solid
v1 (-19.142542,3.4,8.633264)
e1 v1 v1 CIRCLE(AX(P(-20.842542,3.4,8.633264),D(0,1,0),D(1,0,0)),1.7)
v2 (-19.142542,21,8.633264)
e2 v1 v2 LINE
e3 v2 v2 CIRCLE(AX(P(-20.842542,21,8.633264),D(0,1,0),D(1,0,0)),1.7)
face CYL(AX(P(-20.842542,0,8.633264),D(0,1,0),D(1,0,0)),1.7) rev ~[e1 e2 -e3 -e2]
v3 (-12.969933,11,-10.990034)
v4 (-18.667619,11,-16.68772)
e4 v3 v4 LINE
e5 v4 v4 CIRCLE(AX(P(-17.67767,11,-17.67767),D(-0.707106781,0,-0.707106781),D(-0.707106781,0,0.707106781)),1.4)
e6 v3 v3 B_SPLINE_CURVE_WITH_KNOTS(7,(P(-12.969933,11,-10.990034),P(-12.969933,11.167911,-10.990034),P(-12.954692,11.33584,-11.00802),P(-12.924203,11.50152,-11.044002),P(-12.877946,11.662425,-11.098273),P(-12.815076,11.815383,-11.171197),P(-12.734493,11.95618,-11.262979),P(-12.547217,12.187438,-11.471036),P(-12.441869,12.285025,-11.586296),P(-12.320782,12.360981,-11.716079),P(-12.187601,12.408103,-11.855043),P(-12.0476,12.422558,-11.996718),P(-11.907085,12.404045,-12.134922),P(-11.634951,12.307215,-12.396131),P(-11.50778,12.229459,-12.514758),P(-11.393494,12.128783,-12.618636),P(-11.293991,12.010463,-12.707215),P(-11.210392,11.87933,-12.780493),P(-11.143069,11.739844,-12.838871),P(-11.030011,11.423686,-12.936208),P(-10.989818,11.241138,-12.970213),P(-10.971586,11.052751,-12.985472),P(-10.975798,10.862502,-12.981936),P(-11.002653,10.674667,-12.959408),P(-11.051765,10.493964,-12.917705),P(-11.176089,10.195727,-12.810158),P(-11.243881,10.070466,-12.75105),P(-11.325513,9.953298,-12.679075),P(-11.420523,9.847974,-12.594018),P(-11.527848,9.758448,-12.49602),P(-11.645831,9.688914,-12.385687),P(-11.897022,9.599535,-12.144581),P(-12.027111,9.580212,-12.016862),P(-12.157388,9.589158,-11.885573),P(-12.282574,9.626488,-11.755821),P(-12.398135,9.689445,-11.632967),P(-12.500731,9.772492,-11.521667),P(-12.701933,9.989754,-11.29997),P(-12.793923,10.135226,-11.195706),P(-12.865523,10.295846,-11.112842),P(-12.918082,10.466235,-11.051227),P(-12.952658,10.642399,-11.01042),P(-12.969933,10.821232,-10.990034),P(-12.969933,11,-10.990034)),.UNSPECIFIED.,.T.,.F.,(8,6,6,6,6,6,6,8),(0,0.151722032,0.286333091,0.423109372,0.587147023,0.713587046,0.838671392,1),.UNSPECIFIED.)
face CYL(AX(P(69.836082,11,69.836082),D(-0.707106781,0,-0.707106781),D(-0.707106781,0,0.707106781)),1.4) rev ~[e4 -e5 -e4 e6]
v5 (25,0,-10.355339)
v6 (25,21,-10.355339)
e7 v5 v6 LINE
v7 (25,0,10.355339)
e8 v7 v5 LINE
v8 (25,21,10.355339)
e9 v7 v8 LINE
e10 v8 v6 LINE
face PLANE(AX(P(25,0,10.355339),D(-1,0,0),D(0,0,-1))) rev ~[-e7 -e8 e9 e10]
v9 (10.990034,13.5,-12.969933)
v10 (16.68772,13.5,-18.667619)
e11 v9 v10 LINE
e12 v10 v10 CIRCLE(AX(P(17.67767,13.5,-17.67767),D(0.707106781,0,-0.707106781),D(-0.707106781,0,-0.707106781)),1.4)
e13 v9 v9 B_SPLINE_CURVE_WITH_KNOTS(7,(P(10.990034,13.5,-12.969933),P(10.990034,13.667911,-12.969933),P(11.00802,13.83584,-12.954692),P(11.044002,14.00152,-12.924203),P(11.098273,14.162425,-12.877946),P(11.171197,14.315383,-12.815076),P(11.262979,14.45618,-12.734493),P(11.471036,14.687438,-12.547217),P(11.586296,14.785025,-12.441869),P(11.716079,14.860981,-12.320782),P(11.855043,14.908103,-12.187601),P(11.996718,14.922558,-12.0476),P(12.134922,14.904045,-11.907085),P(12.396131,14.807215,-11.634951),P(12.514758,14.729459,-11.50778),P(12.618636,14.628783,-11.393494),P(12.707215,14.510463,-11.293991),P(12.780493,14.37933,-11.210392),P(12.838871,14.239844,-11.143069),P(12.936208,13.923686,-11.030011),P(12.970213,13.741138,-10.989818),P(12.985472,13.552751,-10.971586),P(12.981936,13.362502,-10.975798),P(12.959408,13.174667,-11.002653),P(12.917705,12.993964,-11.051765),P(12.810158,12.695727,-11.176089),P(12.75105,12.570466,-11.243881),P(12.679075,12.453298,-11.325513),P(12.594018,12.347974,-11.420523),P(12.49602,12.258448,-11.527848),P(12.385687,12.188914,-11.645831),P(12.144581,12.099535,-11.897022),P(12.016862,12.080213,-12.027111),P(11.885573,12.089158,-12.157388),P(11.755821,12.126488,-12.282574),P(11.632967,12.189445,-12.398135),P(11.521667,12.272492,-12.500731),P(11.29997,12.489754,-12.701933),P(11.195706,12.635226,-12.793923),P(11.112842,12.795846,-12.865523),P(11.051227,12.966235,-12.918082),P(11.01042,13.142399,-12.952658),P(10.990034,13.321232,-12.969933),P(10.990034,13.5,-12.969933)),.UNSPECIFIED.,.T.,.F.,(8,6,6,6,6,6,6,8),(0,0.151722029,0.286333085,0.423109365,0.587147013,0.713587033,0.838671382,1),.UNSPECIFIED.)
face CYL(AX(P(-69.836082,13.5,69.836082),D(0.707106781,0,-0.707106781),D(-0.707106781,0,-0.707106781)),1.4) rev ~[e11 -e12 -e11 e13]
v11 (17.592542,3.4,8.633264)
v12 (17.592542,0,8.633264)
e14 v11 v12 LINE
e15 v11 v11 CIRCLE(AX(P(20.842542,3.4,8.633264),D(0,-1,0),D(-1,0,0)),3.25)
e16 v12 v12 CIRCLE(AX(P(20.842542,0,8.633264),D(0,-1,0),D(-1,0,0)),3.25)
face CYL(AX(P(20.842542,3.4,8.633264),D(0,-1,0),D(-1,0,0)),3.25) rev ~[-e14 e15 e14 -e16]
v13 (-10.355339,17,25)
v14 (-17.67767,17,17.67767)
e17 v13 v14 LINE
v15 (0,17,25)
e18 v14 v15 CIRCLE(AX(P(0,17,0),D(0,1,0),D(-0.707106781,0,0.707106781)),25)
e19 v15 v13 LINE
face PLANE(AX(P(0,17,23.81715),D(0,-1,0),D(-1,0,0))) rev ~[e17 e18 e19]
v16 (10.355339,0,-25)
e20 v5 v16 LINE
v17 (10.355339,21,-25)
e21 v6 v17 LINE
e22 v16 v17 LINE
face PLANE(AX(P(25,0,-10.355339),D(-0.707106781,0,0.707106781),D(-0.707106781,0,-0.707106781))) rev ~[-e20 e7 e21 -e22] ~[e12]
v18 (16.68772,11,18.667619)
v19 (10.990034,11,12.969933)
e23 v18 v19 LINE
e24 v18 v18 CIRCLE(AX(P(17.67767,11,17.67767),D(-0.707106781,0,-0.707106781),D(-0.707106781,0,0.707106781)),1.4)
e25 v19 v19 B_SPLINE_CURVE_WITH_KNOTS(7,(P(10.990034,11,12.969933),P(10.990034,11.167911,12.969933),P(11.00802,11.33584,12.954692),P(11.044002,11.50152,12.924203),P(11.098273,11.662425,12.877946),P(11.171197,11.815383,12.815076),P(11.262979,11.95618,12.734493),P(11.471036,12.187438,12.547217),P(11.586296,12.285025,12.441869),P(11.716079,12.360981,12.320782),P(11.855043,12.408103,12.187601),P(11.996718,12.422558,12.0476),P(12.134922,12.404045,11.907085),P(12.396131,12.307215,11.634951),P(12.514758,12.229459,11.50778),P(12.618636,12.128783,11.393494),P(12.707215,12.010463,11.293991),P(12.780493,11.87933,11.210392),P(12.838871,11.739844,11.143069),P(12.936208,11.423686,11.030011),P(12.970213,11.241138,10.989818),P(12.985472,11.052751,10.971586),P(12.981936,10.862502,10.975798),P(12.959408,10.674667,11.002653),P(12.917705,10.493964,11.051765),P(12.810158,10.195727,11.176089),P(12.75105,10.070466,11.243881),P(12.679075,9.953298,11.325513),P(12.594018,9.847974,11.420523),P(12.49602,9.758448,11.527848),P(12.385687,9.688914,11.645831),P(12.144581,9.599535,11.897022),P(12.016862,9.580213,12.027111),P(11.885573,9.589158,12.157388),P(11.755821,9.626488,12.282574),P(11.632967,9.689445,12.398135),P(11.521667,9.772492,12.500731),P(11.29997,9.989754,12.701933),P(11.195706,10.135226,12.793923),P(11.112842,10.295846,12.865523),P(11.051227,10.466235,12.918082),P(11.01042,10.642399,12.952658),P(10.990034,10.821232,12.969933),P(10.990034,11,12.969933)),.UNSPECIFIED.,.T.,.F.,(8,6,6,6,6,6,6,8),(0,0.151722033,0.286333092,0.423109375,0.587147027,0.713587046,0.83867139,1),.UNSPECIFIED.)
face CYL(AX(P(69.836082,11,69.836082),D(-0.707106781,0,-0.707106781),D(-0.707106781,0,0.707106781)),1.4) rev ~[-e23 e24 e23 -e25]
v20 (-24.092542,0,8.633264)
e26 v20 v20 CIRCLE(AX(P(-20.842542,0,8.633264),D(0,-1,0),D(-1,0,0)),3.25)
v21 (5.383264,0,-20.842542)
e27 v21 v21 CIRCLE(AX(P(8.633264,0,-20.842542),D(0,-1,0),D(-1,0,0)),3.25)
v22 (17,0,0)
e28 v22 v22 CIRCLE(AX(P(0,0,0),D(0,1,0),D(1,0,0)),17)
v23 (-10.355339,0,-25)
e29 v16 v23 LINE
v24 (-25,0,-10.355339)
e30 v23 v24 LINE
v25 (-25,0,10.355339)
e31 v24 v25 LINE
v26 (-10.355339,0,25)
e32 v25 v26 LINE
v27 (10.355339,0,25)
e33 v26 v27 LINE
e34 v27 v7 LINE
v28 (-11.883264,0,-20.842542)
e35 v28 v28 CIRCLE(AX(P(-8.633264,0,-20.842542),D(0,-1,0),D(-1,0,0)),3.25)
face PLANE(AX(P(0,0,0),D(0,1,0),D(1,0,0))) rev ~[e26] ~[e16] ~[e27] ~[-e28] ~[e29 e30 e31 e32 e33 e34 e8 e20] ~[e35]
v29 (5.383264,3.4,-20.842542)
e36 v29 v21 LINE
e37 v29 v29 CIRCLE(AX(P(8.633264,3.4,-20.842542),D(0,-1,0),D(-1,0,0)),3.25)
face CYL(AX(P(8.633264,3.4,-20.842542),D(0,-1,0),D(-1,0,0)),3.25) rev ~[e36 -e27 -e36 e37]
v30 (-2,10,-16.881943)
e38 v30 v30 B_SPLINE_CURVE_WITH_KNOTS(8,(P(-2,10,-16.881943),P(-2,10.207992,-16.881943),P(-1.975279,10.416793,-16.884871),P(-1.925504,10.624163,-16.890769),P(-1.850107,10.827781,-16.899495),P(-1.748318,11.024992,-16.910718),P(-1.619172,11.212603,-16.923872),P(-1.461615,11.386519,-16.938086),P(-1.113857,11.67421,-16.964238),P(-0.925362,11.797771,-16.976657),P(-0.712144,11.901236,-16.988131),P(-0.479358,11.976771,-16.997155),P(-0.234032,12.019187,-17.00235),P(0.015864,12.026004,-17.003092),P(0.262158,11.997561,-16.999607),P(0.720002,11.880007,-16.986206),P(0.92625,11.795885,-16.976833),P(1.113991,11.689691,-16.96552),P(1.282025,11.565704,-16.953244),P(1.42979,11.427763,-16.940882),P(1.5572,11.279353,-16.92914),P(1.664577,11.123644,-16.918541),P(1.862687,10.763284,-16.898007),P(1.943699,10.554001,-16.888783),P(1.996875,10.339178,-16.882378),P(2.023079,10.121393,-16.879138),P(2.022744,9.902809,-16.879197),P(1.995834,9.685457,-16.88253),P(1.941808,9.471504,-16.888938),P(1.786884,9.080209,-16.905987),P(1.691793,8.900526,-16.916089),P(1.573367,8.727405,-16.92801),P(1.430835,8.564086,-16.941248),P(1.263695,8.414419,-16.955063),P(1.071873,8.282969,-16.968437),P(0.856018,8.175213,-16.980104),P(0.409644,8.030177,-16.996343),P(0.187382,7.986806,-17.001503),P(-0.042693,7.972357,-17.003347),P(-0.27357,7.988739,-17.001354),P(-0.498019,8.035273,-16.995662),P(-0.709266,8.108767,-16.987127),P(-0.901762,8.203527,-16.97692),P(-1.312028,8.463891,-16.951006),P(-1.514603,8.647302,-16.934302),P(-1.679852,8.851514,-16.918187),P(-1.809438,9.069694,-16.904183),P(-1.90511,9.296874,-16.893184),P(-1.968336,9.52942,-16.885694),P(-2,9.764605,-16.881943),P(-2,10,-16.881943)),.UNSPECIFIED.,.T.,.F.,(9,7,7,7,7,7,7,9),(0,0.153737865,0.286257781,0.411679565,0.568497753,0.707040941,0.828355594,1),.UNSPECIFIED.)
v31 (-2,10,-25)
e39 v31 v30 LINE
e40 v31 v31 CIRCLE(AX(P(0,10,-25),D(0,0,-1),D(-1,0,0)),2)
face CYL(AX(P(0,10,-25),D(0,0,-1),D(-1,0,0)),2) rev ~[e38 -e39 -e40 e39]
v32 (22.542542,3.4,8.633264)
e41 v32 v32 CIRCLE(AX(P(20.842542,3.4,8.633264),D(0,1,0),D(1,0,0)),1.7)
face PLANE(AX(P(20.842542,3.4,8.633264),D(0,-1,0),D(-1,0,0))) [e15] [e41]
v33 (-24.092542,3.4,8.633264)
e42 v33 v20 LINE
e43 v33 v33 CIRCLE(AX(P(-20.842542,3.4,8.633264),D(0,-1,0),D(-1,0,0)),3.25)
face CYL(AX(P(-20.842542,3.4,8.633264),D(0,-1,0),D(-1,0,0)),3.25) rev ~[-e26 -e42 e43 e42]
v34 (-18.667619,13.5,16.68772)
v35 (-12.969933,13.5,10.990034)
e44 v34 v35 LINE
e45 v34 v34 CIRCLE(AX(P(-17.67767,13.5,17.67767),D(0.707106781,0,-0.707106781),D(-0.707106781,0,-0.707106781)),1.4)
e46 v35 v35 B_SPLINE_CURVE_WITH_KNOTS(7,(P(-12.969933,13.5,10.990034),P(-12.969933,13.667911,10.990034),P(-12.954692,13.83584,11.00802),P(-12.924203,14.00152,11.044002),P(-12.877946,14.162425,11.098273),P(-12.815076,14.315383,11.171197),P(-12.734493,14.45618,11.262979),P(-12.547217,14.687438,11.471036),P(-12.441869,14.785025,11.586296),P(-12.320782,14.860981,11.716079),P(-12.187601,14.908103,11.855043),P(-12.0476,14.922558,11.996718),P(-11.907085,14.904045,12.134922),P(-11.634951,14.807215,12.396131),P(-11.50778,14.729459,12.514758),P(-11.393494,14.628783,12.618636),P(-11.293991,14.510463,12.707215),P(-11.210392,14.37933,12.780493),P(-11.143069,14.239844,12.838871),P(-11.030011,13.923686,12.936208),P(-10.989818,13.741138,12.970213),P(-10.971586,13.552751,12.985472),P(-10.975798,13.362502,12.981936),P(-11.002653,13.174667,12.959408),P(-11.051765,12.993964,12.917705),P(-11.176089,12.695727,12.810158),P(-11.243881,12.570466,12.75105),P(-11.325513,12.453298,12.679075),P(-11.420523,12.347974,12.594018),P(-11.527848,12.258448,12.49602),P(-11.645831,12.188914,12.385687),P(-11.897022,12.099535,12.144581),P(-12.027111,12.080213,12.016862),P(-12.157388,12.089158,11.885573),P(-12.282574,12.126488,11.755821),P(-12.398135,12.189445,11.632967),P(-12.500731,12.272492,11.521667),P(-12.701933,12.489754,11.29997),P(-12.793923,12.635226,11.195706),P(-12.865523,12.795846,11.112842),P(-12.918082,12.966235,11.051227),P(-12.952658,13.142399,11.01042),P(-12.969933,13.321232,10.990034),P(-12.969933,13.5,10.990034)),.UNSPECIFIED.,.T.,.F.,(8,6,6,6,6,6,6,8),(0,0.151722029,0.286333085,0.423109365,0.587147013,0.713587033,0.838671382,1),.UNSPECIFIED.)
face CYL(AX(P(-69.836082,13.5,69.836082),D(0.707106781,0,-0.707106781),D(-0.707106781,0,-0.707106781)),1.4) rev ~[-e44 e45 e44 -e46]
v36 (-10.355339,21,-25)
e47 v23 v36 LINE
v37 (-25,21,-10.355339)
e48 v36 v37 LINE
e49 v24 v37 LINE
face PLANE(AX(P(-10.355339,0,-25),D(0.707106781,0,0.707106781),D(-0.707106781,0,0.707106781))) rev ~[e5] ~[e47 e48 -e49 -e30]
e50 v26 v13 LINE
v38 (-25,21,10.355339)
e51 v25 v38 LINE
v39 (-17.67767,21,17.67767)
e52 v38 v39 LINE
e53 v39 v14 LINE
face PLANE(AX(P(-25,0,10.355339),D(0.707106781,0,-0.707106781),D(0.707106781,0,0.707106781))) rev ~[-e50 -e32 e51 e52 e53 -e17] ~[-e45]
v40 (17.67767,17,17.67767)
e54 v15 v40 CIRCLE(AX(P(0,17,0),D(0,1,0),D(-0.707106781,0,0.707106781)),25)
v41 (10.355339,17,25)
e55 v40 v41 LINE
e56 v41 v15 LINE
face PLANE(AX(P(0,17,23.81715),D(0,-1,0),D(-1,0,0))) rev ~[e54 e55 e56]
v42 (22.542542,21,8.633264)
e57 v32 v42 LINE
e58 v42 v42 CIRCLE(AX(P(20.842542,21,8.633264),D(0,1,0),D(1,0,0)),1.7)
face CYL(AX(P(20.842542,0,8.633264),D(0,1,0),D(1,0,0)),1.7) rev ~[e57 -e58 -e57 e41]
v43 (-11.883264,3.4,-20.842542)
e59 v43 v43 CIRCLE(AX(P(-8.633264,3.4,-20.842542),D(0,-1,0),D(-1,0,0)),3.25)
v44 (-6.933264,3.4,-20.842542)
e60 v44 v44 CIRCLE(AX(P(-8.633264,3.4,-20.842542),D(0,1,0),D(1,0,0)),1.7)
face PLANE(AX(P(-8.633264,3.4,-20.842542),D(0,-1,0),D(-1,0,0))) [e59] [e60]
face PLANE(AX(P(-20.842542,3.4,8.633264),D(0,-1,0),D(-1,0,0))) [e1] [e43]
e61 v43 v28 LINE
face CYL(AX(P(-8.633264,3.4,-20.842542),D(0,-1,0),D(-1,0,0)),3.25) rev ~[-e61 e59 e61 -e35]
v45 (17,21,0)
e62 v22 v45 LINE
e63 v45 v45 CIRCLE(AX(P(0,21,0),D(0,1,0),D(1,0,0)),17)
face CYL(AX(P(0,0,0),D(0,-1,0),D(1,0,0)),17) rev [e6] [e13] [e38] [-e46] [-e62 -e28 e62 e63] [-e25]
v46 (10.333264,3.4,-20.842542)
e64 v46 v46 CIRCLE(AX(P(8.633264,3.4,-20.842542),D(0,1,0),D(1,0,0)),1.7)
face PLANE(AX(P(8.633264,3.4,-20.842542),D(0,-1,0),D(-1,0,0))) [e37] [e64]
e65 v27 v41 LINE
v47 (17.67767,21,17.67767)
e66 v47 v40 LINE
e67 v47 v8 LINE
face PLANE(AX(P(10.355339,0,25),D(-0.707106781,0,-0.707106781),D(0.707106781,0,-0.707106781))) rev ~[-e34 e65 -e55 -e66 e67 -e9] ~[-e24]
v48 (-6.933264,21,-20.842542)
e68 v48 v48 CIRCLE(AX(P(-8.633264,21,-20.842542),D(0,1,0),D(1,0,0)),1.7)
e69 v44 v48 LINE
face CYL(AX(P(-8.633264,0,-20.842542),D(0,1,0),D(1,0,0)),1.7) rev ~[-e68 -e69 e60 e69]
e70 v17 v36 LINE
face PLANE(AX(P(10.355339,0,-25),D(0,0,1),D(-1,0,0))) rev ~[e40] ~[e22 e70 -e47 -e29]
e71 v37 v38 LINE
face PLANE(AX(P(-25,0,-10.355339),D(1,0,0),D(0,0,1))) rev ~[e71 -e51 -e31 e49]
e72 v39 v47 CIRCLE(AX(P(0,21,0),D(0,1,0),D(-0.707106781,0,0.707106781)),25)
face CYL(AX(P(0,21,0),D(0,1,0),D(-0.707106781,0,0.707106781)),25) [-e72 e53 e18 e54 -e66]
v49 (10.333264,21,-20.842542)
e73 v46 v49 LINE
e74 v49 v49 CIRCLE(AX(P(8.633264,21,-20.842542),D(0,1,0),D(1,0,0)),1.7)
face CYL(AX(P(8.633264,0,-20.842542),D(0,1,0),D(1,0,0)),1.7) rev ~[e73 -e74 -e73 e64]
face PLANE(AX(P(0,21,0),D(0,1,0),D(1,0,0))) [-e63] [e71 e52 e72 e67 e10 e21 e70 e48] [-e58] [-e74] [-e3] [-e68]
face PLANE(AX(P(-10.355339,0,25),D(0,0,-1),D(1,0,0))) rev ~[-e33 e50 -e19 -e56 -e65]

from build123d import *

# Parameters (mm, degrees)
SKETCH1_R                                           = 17
BOSS_EXTRUDE1_DEPTH                                 = 21
CBORE_FOR_M3_HEX_SOCKET_HEAD_CAP_SCREW1_D           = 3.4
CBORE_FOR_M3_HEX_SOCKET_HEAD_CAP_SCREW1_DEPTH       = 21
CBORE_FOR_M3_HEX_SOCKET_HEAD_CAP_SCREW1_CBORE_D     = 6.5
CBORE_FOR_M3_HEX_SOCKET_HEAD_CAP_SCREW1_CBORE_DEPTH = 3.4
M3X0_2_TAPPED_HOLE1_D                               = 2.8
M3X0_2_TAPPED_HOLE2_D                               = 2.8
CUT_EXTRUDE3_REACH                                  = 52
SKETCH12_R                                          = 2
CUT_EXTRUDE4_DEPTH                                  = 4


with BuildPart() as part:
    # Sketch1 → Boss-Extrude1 (new body)
    with BuildSketch(Plane(origin=(0, 0, 0), x_dir=(1, 0, 0), z_dir=(0, 1, 0))):
        Polygon((25, -10.355339059), (25, 10.355339059), (10.355339059, 25), (-10.355339059, 25), (-25, 10.355339059), (-25, -10.355339059), (-10.355339059, -25), (10.355339059, -25), align=None)
        Circle(SKETCH1_R, mode=Mode.SUBTRACT)
    extrude(amount=BOSS_EXTRUDE1_DEPTH)

    # CBORE for M3 Hex Socket Head Cap Screw1
    with Locations(Plane(origin=(0, 0, 0), x_dir=(-1, 0, 0), z_dir=(0, -1, 0))):
        with Locations((20.842542104, -8.633263614), (-20.842542104, -8.633263614), (8.633263614, 20.842542104), (-8.633263614, 20.842542104)):
            CounterBoreHole(CBORE_FOR_M3_HEX_SOCKET_HEAD_CAP_SCREW1_D / 2, CBORE_FOR_M3_HEX_SOCKET_HEAD_CAP_SCREW1_CBORE_D / 2, CBORE_FOR_M3_HEX_SOCKET_HEAD_CAP_SCREW1_CBORE_DEPTH, depth=CBORE_FOR_M3_HEX_SOCKET_HEAD_CAP_SCREW1_DEPTH)

    # M3x0.2 Tapped Hole1 (through all)
    with Locations(Plane(origin=(17.67766953, 0, 17.67766953), x_dir=(0.707106781, 0, -0.707106781), z_dir=(0.707106781, 0, 0.707106781))):
        with Locations((0, 11)):
            Hole(M3X0_2_TAPPED_HOLE1_D / 2)

    # M3x0.2 Tapped Hole2 (through all)
    with Locations(Plane(origin=(-17.67766953, 0, 17.67766953), x_dir=(0.707106781, 0, 0.707106781), z_dir=(-0.707106781, 0, 0.707106781))):
        with Locations((0, 13.5)):
            Hole(M3X0_2_TAPPED_HOLE2_D / 2)

    # Sketch12 → Cut-Extrude3 (cut, up to next)
    with BuildSketch(Plane(origin=(0, 0, -25), x_dir=(-1, 0, 0), z_dir=(0, 0, -1)), mode=Mode.PRIVATE) as cut_extrude3_sk1:
        with Locations((0, 10)):
            Circle(SKETCH12_R)
    cut_extrude3_tool1 = extrude(cut_extrude3_sk1.sketch, amount=-CUT_EXTRUDE3_REACH, mode=Mode.PRIVATE) & part.part
    add(cut_extrude3_tool1.solids().sort_by_distance((0, 10, -25))[0], mode=Mode.SUBTRACT)

    # Sketch13 → Cut-Extrude4 (cut)
    with BuildSketch(Plane(origin=(0, 21, 0), x_dir=(1, 0, 0), z_dir=(0, 1, 0))):
        with BuildLine():
            Line((17.67766953, -17.67766953), (17.67766953, -26.659644855))
            Line((17.67766953, -26.659644855), (-17.67766953, -26.659644855))
            Line((-17.67766953, -26.659644855), (-17.67766953, -17.67766953))
            ThreePointArc((-17.67766953, -17.67766953), (0, -25), (17.67766953, -17.67766953))
        make_face()
    extrude(amount=-CUT_EXTRUDE4_DEPTH, mode=Mode.SUBTRACT)


solid = part.part
